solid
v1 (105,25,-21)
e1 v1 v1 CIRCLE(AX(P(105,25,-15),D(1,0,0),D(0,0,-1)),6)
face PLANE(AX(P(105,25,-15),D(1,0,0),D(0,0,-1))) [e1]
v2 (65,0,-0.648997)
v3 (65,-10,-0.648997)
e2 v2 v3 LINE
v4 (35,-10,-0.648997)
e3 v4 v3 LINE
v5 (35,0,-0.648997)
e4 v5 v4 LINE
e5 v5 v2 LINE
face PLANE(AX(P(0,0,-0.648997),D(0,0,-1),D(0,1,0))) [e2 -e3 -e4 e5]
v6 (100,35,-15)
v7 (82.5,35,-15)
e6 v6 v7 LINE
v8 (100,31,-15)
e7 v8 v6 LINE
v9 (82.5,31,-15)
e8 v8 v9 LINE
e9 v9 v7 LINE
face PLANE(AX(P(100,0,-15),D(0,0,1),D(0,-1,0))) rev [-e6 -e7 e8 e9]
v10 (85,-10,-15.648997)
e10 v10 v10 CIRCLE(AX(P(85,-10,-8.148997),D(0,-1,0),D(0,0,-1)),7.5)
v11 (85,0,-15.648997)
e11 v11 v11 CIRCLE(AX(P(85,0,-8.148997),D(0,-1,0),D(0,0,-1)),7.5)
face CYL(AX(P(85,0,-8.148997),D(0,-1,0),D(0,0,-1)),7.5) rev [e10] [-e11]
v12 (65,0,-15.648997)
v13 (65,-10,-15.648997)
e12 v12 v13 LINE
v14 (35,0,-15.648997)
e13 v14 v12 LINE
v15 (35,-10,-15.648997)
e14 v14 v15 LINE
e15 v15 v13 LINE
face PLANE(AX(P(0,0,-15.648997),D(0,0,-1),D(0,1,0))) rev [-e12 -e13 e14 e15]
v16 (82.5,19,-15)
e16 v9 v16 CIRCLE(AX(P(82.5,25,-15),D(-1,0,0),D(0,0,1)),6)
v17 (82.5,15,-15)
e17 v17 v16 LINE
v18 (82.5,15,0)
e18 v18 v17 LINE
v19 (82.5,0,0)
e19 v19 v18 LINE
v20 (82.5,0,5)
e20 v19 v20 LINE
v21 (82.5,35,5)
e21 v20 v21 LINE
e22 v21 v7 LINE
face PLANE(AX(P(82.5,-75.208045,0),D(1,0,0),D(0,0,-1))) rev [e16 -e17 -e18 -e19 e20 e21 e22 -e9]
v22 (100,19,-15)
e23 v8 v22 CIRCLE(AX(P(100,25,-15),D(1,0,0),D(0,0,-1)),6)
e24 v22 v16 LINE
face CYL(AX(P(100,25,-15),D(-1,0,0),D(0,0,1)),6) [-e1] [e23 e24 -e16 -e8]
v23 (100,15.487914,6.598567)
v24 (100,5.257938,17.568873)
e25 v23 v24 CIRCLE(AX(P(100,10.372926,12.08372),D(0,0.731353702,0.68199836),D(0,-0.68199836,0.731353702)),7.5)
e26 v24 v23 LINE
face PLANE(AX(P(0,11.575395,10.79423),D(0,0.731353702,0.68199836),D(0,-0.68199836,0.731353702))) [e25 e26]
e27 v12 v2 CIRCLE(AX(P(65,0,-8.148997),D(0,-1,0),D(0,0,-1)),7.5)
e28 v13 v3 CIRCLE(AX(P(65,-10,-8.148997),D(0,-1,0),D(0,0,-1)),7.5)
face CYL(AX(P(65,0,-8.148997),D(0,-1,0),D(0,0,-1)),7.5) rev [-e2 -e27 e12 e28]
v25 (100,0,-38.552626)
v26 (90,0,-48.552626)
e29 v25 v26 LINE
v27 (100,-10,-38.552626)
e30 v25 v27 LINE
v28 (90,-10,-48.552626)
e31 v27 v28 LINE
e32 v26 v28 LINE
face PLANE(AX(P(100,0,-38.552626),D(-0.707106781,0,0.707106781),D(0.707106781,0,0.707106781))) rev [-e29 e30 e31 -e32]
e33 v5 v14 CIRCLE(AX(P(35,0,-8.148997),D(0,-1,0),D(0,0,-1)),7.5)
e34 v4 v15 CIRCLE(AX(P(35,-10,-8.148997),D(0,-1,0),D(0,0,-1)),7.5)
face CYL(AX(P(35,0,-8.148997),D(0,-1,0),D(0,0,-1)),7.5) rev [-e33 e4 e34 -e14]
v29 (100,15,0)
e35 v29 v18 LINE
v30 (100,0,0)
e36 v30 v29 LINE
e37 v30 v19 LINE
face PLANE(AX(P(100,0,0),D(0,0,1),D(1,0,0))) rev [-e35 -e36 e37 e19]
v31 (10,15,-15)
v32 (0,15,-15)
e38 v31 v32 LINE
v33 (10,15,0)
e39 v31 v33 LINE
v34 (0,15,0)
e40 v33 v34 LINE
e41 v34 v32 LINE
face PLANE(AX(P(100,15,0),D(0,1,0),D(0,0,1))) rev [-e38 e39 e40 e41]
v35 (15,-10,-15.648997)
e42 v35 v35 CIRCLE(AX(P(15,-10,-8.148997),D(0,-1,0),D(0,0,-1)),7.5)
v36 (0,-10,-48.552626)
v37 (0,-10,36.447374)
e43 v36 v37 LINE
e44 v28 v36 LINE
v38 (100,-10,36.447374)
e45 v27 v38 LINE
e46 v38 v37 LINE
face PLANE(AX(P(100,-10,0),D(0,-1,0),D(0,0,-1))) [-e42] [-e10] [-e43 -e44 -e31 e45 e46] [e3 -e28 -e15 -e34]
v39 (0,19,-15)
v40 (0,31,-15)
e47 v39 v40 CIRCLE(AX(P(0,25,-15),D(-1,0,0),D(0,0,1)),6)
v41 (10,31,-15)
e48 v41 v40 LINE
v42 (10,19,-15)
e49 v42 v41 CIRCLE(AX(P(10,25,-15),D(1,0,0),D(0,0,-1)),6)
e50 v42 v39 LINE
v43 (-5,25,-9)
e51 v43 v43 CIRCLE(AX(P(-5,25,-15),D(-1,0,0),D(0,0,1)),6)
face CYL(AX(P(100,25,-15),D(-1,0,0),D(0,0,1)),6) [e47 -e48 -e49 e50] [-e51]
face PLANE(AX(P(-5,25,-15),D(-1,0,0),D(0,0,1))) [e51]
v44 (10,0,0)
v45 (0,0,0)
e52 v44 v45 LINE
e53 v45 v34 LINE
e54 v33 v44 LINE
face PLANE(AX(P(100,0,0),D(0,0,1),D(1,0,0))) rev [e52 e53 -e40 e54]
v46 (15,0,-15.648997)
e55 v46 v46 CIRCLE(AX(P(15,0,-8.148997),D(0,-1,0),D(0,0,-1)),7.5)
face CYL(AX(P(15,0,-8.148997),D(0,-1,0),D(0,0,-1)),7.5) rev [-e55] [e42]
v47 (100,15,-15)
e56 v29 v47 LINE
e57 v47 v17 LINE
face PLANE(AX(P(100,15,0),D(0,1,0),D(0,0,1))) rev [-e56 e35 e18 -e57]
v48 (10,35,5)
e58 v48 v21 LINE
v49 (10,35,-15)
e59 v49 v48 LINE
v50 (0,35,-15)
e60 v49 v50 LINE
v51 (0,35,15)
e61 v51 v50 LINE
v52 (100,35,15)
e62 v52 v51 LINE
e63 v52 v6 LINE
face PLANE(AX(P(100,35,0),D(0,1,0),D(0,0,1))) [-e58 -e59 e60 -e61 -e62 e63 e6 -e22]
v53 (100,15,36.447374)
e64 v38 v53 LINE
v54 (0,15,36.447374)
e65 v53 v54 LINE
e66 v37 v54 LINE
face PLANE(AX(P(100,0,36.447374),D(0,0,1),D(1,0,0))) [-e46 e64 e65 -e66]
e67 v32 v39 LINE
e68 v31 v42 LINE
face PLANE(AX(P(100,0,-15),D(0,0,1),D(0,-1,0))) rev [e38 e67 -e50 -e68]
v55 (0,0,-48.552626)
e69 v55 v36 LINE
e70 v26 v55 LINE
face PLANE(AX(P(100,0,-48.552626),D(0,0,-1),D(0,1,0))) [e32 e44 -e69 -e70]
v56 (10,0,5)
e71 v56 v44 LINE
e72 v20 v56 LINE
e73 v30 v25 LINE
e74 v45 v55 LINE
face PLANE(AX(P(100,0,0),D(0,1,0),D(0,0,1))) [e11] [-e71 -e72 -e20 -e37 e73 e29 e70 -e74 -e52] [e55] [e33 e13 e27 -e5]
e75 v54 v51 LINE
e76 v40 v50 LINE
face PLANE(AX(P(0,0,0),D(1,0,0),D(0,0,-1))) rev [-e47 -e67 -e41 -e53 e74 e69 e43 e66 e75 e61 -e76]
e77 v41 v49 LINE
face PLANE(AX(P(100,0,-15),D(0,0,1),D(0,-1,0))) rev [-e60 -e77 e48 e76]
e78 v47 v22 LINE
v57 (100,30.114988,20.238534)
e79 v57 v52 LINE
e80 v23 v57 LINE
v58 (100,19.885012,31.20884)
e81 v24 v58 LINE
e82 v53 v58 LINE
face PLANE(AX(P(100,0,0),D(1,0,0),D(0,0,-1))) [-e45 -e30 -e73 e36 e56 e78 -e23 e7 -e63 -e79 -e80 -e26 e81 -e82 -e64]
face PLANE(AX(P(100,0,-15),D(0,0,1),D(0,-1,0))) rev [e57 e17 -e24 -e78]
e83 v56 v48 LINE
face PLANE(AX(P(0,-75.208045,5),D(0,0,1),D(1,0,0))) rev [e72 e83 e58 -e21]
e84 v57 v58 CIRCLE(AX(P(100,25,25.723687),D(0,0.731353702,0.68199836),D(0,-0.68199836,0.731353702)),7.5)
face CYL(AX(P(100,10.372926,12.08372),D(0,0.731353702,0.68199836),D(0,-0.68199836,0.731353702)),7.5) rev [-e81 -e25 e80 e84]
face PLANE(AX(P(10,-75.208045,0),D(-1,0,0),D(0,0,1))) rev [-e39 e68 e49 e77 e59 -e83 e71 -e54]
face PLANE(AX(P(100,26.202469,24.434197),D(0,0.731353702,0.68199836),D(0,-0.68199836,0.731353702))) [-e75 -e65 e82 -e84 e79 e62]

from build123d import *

# Parameters (mm, degrees)
ESQUISSE1_R             = 6
BOSS_EXTRU_1_DEPTH      = 100
ESQUISSE2_R             = 6
BOSS_EXTRU_2_DEPTH      = 5
BOSS_EXTRU_3_START      = 5
ESQUISSE3_R             = 6
BOSS_EXTRU_3_DEPTH      = 5
ENL_V_MAT_EXTRU_1_DEPTH = 20
ENL_V_MAT_EXTRU_3_REACH = 126.126
ESQUISSE5_W             = 72.5
ESQUISSE5_H             = 20
ESQUISSE6_W             = 72.5
ESQUISSE6_H             = 6
ENL_V_MAT_EXTRU_4_DEPTH = 40
ENL_V_MAT_EXTRU_5_DEPTH = 10
ENL_V_MAT_EXTRU_6_DEPTH = 10


with BuildPart() as part:
    # Esquisse1 → Boss.-Extru.1 (new body)
    with BuildSketch(Plane(origin=(0, 0, 0), x_dir=(0, 0, -1), z_dir=(1, 0, 0))):
        with BuildLine():
            Line((48.5526258, 0), (0, 0))
            Line((0, 0), (0, 15))
            Line((0, 15), (15, 15))
            Line((15, 15), (15, 19))
            ThreePointArc((15, 19), (9, 25), (15, 31))
            Line((15, 31), (15, 35))
            Line((15, 35), (-15, 35))
            Line((-15, 35), (-36.4473742, 15))
            Line((-36.4473742, 15), (-36.4473742, -10))
            Line((-36.4473742, -10), (48.5526258, -10))
            Line((48.5526258, -10), (48.5526258, 0))
        make_face()
        with Locations((15, 25)):
            Circle(ESQUISSE1_R)
    extrude(amount=BOSS_EXTRU_1_DEPTH)

    # Esquisse2 → Boss.-Extru.2 (add)
    with BuildSketch(Plane(origin=(100, 0, 0), x_dir=(0, 0, -1), z_dir=(1, 0, 0))):
        with Locations(Location((15, 25, 0), (0, 0, 90))):
            Circle(ESQUISSE2_R)
    extrude(amount=BOSS_EXTRU_2_DEPTH)

    # Esquisse3 → Boss.-Extru.3 (add)
    with BuildSketch(Plane.ZY.offset(BOSS_EXTRU_3_START)):
        with Locations((-15, 25)):
            Circle(ESQUISSE3_R)
    extrude(amount=-BOSS_EXTRU_3_DEPTH)

    # Esquisse4 → Enlèv. mat.-Extru.1 (cut)
    with BuildSketch(Plane(origin=(0, 26.202468667, 24.434197326), x_dir=(1, 0, 0), z_dir=(0, 0.7313537016191716, 0.6819983600624975))):
        with BuildLine():
            ThreePointArc((107.5, -1.763154778), (105.303300859, 3.54014608), (100, 5.736845222))
            Line((100, 5.736845222), (100, -1.763154778))
            Line((100, -1.763154778), (100, -9.263154778))
            ThreePointArc((100, -9.263154778), (105.303300859, -7.066455637), (107.5, -1.763154778))
        make_face()
        with BuildLine():
            Line((100, -1.763154778), (100, 5.736845222))
            ThreePointArc((100, 5.736845222), (92.5, -1.763154778), (100, -9.263154778))
            Line((100, -9.263154778), (100, -1.763154778))
        make_face()
    extrude(amount=-ENL_V_MAT_EXTRU_1_DEPTH, mode=Mode.SUBTRACT)

    # Enlèv. mat.-Extru.3: up to this face of the body (flat: up to its plane)
    enl_v_mat_extru_3_end = Plane(part.part.faces().sort_by_distance((50, 0, -24.2763129))[0])
    # Esquisse5 → Enlèv. mat.-Extru.3 (cut, up to the picked face)
    with BuildSketch(Plane(origin=(0, 35, 0), x_dir=(1, 0, 0), z_dir=(0, 1, 0)), mode=Mode.PRIVATE) as enl_v_mat_extru_3_sk1:
        with Locations((46.25, 5)):
            Rectangle(ESQUISSE5_W, ESQUISSE5_H)
    enl_v_mat_extru_3_tool1 = split(extrude(enl_v_mat_extru_3_sk1.sketch, amount=-ENL_V_MAT_EXTRU_3_REACH, mode=Mode.PRIVATE), bisect_by=enl_v_mat_extru_3_end, keep=Keep.BOTH, mode=Mode.PRIVATE)
    add(enl_v_mat_extru_3_tool1.solids().sort_by(Axis((46.25, 35, -5), (0, -1, 0)))[0], mode=Mode.SUBTRACT)

    # Esquisse6 → Enlèv. mat.-Extru.4 (cut)
    with BuildSketch(Plane(origin=(0, 0, 0), x_dir=(1, 0, 0), z_dir=(0, 1, 0))):
        with Locations((46.25, 18)):
            Rectangle(ESQUISSE6_W, ESQUISSE6_H)
    extrude(amount=ENL_V_MAT_EXTRU_4_DEPTH, mode=Mode.SUBTRACT)

    # Esquisse7 → Enlèv. mat.-Extru.5 (cut)
    with BuildSketch(Plane.XZ.offset(10)):
        with BuildLine():
            ThreePointArc((22.5, -8.148997132), (15, -0.648997132), (7.5, -8.148997132))
            Line((7.5, -8.148997132), (15, -8.148997132))
            Line((15, -8.148997132), (22.5, -8.148997132))
        make_face()
        with BuildLine():
            Line((15, -8.148997132), (7.5, -8.148997132))
            ThreePointArc((7.5, -8.148997132), (15, -15.648997132), (22.5, -8.148997132))
            Line((22.5, -8.148997132), (15, -8.148997132))
        make_face()
        with BuildLine():
            ThreePointArc((35, -0.648997132), (29.696699141, -2.845696273), (27.5, -8.148997132))
            Line((27.5, -8.148997132), (35, -8.148997132))
            Line((35, -8.148997132), (65, -8.148997132))
            Line((65, -8.148997132), (72.5, -8.148997132))
            ThreePointArc((72.5, -8.148997132), (70.303300859, -2.845696273), (65, -0.648997132))
            Line((65, -0.648997132), (35, -0.648997132))
        make_face()
        with BuildLine():
            Line((35, -8.148997132), (27.5, -8.148997132))
            ThreePointArc((27.5, -8.148997132), (29.696699141, -13.452297991), (35, -15.648997132))
            Line((35, -15.648997132), (65, -15.648997132))
            ThreePointArc((65, -15.648997132), (70.303300859, -13.452297991), (72.5, -8.148997132))
            Line((72.5, -8.148997132), (65, -8.148997132))
            Line((65, -8.148997132), (35, -8.148997132))
        make_face()
        with BuildLine():
            ThreePointArc((92.5, -8.148997132), (85, -0.648997132), (77.5, -8.148997132))
            Line((77.5, -8.148997132), (85, -8.148997132))
            Line((85, -8.148997132), (92.5, -8.148997132))
        make_face()
        with BuildLine():
            Line((85, -8.148997132), (77.5, -8.148997132))
            ThreePointArc((77.5, -8.148997132), (85, -15.648997132), (92.5, -8.148997132))
            Line((92.5, -8.148997132), (85, -8.148997132))
        make_face()
    extrude(amount=-ENL_V_MAT_EXTRU_5_DEPTH, mode=Mode.SUBTRACT)

    # Esquisse8 → Enlèv. mat.-Extru.6 (cut)
    with BuildSketch(Plane.XZ.offset(10)):
        Polygon((100, -48.5526258), (100, -38.5526258), (90, -48.5526258), align=None)
    extrude(amount=-ENL_V_MAT_EXTRU_6_DEPTH, mode=Mode.SUBTRACT)


solid = part.part
